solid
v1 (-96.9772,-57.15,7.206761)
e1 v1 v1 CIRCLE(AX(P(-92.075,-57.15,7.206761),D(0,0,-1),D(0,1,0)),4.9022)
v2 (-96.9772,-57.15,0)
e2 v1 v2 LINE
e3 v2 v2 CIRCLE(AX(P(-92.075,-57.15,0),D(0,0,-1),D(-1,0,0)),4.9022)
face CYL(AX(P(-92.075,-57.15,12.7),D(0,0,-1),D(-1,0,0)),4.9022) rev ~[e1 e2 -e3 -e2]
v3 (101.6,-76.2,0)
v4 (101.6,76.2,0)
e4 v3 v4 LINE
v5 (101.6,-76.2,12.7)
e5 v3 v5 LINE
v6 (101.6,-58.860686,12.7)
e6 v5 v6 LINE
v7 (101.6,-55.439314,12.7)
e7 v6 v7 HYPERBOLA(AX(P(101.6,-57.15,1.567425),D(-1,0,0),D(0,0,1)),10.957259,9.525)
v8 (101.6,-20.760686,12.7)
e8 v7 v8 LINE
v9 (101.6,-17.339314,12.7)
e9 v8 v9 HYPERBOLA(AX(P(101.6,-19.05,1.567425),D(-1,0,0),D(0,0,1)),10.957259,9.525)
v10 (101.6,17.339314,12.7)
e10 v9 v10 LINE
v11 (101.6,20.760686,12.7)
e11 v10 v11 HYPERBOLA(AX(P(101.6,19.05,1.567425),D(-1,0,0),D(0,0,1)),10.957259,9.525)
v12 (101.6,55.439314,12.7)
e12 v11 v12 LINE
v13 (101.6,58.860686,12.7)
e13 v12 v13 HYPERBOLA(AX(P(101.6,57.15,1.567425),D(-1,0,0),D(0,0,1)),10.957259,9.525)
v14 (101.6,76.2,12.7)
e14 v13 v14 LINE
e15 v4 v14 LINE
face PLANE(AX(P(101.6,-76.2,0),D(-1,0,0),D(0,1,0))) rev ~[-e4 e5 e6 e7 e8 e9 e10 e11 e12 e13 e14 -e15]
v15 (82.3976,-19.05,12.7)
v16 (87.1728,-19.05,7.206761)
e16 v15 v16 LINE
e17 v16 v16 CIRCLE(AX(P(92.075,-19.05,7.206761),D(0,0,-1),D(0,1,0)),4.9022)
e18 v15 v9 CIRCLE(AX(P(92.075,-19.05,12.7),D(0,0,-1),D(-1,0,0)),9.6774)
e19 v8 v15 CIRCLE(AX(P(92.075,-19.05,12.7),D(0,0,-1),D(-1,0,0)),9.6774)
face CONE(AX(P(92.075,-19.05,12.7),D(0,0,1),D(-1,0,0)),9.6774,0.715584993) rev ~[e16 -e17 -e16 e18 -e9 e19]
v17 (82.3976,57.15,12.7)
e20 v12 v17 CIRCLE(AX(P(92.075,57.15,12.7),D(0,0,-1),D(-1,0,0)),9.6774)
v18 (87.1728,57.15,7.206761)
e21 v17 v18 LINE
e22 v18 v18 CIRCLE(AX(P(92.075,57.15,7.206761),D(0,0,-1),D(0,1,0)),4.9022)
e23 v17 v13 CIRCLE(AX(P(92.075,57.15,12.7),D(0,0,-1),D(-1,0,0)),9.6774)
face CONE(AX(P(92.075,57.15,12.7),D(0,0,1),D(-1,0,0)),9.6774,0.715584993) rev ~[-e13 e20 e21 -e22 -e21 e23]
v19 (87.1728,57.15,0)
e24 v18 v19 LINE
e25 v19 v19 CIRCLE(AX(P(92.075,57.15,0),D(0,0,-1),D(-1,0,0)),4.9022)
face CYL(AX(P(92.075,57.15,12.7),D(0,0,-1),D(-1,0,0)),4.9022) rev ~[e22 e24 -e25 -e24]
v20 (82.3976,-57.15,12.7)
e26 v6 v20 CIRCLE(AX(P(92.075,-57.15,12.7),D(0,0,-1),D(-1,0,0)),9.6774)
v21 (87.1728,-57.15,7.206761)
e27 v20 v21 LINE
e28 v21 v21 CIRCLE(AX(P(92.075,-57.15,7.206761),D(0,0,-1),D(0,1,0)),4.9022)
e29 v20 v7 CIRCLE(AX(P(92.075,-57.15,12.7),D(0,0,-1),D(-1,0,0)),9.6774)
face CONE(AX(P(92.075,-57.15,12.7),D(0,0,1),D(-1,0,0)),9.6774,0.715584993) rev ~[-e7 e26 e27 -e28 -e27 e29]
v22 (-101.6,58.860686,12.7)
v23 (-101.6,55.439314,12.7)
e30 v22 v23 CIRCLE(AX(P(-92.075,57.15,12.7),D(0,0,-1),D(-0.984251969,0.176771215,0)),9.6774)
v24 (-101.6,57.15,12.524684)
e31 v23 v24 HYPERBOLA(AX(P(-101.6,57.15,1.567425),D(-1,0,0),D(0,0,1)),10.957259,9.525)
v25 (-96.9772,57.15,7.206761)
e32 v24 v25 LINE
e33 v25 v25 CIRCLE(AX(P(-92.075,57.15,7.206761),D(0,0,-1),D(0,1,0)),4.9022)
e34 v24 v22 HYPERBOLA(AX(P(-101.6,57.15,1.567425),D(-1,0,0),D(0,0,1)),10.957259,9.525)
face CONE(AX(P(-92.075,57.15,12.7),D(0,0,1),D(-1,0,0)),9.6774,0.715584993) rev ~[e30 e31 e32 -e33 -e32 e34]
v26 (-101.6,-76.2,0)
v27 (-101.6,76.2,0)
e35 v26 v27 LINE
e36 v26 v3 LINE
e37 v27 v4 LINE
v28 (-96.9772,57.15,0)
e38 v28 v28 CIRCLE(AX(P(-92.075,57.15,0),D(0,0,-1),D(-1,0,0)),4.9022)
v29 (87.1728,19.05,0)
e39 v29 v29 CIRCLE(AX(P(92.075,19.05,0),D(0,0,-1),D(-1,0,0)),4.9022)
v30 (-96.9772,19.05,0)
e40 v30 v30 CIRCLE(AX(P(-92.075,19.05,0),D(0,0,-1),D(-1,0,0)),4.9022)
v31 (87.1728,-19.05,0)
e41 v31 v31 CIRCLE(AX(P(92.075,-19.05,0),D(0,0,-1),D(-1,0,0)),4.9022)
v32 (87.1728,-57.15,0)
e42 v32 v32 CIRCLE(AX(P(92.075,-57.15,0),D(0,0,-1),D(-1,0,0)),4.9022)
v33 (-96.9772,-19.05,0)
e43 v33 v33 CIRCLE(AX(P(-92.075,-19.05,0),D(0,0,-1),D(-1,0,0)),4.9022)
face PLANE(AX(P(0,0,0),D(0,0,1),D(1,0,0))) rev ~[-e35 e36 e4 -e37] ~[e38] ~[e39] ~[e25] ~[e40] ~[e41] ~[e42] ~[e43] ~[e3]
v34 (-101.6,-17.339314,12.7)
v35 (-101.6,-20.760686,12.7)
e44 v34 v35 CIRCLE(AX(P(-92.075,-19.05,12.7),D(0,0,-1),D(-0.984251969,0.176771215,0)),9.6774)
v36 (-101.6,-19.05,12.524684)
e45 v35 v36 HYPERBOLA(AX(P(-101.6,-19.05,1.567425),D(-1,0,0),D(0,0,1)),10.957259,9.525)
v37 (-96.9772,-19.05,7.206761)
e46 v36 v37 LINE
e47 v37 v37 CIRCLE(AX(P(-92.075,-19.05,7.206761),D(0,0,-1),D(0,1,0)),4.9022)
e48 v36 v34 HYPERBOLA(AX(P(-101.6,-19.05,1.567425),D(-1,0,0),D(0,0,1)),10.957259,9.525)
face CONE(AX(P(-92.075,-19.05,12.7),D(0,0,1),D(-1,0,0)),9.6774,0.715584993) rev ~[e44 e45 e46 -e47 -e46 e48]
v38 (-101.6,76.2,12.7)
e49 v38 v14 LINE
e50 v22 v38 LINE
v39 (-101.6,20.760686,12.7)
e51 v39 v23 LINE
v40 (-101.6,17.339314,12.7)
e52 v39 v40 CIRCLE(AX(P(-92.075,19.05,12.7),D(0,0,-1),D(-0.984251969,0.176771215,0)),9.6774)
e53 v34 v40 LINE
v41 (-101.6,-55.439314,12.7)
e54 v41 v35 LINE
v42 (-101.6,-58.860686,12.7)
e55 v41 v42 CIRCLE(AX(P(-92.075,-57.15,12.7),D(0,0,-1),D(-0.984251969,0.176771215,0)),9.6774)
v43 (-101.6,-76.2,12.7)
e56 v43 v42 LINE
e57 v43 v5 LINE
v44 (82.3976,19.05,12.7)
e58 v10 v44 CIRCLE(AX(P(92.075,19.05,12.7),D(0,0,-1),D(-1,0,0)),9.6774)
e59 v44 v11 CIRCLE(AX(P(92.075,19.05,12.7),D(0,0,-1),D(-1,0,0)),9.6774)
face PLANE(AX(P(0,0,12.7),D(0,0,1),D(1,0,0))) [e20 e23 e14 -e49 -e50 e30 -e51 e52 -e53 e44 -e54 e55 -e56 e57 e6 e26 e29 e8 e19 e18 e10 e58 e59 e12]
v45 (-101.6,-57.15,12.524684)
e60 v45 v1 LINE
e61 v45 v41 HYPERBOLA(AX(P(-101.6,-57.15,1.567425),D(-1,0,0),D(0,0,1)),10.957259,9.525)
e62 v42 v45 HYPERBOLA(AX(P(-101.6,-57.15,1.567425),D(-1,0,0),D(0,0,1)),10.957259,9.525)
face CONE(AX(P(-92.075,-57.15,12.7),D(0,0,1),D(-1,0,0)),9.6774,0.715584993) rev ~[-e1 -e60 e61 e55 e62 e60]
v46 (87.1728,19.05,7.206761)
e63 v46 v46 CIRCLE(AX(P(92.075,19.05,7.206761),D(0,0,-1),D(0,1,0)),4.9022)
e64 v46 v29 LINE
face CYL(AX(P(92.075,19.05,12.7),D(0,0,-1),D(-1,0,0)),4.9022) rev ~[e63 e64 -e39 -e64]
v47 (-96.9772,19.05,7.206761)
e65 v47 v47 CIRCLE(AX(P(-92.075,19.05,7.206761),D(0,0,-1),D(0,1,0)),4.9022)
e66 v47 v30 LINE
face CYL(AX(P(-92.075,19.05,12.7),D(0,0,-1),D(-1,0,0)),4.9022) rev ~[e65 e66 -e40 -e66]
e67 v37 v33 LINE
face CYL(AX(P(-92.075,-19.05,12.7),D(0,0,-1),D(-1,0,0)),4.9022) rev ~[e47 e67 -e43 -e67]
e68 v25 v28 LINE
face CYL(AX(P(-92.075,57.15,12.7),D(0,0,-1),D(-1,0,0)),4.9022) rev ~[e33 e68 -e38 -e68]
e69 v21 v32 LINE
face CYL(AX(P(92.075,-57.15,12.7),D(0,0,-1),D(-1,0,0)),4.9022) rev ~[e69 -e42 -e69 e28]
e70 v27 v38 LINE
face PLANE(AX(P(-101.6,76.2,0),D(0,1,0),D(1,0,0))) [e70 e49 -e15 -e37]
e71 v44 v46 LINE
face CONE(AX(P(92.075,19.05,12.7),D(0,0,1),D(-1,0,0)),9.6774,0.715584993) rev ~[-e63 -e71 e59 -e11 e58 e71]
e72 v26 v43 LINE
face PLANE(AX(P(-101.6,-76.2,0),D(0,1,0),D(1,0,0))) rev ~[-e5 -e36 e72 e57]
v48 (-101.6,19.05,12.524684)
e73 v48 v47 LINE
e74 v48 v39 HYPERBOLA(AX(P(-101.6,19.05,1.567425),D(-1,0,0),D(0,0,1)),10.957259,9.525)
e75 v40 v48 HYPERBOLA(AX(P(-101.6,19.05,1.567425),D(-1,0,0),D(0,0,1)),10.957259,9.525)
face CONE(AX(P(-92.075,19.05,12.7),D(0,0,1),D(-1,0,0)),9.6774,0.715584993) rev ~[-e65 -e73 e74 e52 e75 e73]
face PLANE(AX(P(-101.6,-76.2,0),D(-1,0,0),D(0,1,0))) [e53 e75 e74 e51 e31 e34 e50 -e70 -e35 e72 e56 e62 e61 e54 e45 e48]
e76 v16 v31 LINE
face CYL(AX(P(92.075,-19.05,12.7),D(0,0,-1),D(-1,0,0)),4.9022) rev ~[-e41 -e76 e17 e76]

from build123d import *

# Parameters (mm, degrees)
SKETCH1_W                                        = 203.2
SKETCH1_H                                        = 152.4
BOSS_EXTRUDE1_DEPTH                              = 12.7
CSK_FOR_3_8_FLAT_HEAD_MACHINE_SCREW1_D           = 9.8044
CSK_FOR_3_8_FLAT_HEAD_MACHINE_SCREW1_CSINK_D     = 19.3548
CSK_FOR_3_8_FLAT_HEAD_MACHINE_SCREW1_CSINK_ANGLE = 82


with BuildPart() as part:
    # Sketch1 → Boss-Extrude1 (new body)
    with BuildSketch(Plane.XY):
        Rectangle(SKETCH1_W, SKETCH1_H)
    extrude(amount=BOSS_EXTRUDE1_DEPTH)

    # CSK for 3/8 Flat Head Machine Screw1 (through all)
    with Locations(Plane.XY.offset(12.7)):
        with Locations((-92.075, 57.15), (-92.075, -57.15), (92.075, -57.15), (92.075, 57.15), (-92.075, 19.05), (92.075, 19.05), (92.075, -19.05), (-92.075, -19.05)):
            CounterSinkHole(CSK_FOR_3_8_FLAT_HEAD_MACHINE_SCREW1_D / 2, CSK_FOR_3_8_FLAT_HEAD_MACHINE_SCREW1_CSINK_D / 2, counter_sink_angle=CSK_FOR_3_8_FLAT_HEAD_MACHINE_SCREW1_CSINK_ANGLE)


solid = part.part
